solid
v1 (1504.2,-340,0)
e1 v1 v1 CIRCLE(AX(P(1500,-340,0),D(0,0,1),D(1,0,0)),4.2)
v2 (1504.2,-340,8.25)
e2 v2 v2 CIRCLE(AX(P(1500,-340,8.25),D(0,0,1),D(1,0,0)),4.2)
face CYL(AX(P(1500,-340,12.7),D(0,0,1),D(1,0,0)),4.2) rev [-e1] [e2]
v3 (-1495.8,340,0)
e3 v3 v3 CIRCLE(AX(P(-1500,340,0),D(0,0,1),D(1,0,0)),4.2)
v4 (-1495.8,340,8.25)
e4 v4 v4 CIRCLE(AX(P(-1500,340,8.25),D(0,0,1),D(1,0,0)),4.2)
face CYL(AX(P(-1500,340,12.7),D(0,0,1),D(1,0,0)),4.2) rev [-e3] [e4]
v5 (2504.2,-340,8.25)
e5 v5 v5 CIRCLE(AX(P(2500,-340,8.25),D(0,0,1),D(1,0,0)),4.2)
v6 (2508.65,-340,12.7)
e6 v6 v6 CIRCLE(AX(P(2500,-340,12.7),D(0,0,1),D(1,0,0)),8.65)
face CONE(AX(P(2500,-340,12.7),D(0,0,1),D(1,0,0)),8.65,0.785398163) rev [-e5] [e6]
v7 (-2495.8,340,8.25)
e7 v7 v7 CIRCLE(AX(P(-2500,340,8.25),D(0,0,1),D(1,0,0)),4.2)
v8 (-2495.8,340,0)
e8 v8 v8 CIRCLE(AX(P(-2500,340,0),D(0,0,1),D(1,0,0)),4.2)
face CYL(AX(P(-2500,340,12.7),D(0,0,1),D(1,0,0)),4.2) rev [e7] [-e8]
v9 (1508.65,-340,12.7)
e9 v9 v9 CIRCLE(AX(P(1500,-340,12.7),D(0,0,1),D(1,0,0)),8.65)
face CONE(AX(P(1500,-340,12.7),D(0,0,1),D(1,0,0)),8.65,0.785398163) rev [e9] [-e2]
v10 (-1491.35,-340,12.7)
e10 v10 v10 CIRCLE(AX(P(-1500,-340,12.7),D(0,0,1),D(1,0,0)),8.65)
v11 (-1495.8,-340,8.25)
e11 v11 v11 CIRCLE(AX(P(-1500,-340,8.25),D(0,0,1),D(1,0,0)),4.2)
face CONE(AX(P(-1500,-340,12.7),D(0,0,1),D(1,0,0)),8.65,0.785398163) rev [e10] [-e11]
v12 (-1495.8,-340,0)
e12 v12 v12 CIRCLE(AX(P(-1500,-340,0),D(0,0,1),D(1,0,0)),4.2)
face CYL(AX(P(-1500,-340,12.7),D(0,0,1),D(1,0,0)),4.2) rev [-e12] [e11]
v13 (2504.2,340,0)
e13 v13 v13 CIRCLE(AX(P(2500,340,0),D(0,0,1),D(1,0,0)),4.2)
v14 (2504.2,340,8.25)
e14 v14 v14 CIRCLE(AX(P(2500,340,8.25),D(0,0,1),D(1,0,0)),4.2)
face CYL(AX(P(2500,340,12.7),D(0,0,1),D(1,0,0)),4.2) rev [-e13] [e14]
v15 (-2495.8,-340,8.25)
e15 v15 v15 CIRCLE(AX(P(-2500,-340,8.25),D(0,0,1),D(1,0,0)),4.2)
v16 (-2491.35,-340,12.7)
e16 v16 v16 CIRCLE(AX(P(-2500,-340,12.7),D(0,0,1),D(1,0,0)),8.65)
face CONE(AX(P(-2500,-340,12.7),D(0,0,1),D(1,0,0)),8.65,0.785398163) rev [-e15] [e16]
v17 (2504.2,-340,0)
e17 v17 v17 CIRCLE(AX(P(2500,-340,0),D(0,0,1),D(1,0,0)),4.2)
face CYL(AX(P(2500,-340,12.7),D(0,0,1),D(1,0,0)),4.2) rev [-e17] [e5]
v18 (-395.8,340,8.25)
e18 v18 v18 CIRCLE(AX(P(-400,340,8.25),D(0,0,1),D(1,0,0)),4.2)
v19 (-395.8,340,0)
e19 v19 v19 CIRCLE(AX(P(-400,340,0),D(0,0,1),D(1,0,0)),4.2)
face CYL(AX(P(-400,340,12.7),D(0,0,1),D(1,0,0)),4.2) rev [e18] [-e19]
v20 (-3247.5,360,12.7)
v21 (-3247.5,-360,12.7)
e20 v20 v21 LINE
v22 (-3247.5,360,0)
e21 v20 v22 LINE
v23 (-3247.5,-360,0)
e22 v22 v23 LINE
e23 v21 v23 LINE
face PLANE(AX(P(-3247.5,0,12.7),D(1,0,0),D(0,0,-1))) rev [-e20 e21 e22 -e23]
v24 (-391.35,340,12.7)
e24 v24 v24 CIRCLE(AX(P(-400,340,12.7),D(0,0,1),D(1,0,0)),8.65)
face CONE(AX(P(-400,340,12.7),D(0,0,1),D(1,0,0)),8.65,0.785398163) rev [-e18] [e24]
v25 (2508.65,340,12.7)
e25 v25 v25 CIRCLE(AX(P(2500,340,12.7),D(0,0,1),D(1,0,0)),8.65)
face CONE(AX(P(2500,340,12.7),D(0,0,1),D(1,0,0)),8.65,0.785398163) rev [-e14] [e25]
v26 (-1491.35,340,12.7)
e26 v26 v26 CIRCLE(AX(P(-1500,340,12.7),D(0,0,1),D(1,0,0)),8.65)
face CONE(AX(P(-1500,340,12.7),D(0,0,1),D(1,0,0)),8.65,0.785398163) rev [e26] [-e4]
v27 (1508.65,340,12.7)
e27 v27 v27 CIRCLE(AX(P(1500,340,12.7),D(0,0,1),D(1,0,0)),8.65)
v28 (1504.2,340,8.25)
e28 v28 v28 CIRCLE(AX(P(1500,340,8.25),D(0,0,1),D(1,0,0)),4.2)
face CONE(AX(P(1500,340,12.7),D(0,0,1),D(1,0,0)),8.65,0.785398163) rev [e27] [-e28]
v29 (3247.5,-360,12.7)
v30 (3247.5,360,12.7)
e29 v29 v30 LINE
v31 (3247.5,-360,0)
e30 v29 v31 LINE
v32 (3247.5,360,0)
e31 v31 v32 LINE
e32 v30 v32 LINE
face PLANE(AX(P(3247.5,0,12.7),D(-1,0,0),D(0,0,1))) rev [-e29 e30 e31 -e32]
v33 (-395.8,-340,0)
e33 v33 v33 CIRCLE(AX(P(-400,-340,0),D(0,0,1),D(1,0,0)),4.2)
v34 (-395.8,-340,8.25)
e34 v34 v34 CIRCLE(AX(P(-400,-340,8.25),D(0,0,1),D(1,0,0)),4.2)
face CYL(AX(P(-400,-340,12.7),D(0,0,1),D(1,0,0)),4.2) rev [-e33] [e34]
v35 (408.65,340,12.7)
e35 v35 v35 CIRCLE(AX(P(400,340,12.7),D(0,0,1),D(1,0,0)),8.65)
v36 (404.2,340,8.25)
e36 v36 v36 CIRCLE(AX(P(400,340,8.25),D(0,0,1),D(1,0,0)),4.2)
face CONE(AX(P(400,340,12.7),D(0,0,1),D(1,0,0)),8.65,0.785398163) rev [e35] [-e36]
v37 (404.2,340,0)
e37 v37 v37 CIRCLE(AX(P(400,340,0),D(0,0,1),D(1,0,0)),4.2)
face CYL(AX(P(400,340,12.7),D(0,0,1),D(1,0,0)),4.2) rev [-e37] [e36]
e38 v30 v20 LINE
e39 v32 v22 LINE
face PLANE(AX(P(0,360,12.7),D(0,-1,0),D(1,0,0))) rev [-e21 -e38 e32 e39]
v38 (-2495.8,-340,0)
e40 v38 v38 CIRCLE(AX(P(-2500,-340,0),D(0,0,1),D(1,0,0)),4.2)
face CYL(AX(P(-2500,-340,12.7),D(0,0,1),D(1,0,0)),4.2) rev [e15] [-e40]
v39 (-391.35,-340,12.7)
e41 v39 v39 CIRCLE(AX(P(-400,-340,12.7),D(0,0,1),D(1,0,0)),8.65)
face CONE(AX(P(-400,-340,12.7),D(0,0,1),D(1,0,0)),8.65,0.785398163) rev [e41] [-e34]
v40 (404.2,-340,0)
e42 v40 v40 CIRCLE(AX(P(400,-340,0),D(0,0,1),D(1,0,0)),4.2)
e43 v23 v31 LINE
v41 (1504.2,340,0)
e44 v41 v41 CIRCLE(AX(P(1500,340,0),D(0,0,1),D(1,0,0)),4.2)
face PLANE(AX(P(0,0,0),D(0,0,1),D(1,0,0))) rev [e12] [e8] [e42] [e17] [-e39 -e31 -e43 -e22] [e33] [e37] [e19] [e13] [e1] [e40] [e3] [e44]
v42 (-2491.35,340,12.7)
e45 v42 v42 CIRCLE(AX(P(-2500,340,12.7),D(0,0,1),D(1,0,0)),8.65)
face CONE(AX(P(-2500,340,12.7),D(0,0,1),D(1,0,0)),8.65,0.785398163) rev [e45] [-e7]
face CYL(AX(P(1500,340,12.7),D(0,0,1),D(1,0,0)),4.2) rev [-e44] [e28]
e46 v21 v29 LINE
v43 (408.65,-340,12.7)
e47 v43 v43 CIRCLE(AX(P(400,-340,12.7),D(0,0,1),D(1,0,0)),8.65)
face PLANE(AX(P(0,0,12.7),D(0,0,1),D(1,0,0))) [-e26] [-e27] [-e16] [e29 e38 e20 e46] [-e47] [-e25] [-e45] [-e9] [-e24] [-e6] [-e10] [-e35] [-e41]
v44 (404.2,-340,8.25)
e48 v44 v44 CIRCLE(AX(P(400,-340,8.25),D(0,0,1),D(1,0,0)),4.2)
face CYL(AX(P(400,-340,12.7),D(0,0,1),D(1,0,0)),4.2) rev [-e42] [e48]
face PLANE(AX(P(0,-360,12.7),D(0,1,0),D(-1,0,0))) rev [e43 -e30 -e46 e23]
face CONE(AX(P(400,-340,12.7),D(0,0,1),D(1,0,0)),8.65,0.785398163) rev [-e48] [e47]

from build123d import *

# Parameters (mm, degrees)
SKETCH1_W                                       = 6495
SKETCH1_H                                       = 720
BOSS_EXTRUDE1_DEPTH                             = 12.7
CSK_FOR_M8_FLAT_HEAD_MACHINE_SCREW1_D           = 8.4
CSK_FOR_M8_FLAT_HEAD_MACHINE_SCREW1_DEPTH       = 30
CSK_FOR_M8_FLAT_HEAD_MACHINE_SCREW1_CSINK_D     = 17.3
CSK_FOR_M8_FLAT_HEAD_MACHINE_SCREW1_CSINK_ANGLE = 90
CSK_FOR_M8_FLAT_HEAD_MACHINE_SCREW1_TIP         = 2.5236146


with BuildPart() as part:
    # Sketch1 → Boss-Extrude1 (new body)
    with BuildSketch(Plane.XY):
        Rectangle(SKETCH1_W, SKETCH1_H)
    extrude(amount=BOSS_EXTRUDE1_DEPTH)

    # CSK for M8 Flat Head Machine Screw1
    with Locations(Plane.XY.offset(12.7)):
        with Locations((-2500, 340), (-1500, 340), (400, 340), (1500, 340), (2500, 340), (2500, -340), (1500, -340), (400, -340), (-1500, -340), (-2500, -340), (-400, 340), (-400, -340)):
            CounterSinkHole(CSK_FOR_M8_FLAT_HEAD_MACHINE_SCREW1_D / 2, CSK_FOR_M8_FLAT_HEAD_MACHINE_SCREW1_CSINK_D / 2, depth=CSK_FOR_M8_FLAT_HEAD_MACHINE_SCREW1_DEPTH, counter_sink_angle=CSK_FOR_M8_FLAT_HEAD_MACHINE_SCREW1_CSINK_ANGLE)
            with Locations((0, 0, -(CSK_FOR_M8_FLAT_HEAD_MACHINE_SCREW1_DEPTH + CSK_FOR_M8_FLAT_HEAD_MACHINE_SCREW1_TIP / 2))):  # 118° drill point
                Cone(0, CSK_FOR_M8_FLAT_HEAD_MACHINE_SCREW1_D / 2, CSK_FOR_M8_FLAT_HEAD_MACHINE_SCREW1_TIP, mode=Mode.SUBTRACT)


solid = part.part
